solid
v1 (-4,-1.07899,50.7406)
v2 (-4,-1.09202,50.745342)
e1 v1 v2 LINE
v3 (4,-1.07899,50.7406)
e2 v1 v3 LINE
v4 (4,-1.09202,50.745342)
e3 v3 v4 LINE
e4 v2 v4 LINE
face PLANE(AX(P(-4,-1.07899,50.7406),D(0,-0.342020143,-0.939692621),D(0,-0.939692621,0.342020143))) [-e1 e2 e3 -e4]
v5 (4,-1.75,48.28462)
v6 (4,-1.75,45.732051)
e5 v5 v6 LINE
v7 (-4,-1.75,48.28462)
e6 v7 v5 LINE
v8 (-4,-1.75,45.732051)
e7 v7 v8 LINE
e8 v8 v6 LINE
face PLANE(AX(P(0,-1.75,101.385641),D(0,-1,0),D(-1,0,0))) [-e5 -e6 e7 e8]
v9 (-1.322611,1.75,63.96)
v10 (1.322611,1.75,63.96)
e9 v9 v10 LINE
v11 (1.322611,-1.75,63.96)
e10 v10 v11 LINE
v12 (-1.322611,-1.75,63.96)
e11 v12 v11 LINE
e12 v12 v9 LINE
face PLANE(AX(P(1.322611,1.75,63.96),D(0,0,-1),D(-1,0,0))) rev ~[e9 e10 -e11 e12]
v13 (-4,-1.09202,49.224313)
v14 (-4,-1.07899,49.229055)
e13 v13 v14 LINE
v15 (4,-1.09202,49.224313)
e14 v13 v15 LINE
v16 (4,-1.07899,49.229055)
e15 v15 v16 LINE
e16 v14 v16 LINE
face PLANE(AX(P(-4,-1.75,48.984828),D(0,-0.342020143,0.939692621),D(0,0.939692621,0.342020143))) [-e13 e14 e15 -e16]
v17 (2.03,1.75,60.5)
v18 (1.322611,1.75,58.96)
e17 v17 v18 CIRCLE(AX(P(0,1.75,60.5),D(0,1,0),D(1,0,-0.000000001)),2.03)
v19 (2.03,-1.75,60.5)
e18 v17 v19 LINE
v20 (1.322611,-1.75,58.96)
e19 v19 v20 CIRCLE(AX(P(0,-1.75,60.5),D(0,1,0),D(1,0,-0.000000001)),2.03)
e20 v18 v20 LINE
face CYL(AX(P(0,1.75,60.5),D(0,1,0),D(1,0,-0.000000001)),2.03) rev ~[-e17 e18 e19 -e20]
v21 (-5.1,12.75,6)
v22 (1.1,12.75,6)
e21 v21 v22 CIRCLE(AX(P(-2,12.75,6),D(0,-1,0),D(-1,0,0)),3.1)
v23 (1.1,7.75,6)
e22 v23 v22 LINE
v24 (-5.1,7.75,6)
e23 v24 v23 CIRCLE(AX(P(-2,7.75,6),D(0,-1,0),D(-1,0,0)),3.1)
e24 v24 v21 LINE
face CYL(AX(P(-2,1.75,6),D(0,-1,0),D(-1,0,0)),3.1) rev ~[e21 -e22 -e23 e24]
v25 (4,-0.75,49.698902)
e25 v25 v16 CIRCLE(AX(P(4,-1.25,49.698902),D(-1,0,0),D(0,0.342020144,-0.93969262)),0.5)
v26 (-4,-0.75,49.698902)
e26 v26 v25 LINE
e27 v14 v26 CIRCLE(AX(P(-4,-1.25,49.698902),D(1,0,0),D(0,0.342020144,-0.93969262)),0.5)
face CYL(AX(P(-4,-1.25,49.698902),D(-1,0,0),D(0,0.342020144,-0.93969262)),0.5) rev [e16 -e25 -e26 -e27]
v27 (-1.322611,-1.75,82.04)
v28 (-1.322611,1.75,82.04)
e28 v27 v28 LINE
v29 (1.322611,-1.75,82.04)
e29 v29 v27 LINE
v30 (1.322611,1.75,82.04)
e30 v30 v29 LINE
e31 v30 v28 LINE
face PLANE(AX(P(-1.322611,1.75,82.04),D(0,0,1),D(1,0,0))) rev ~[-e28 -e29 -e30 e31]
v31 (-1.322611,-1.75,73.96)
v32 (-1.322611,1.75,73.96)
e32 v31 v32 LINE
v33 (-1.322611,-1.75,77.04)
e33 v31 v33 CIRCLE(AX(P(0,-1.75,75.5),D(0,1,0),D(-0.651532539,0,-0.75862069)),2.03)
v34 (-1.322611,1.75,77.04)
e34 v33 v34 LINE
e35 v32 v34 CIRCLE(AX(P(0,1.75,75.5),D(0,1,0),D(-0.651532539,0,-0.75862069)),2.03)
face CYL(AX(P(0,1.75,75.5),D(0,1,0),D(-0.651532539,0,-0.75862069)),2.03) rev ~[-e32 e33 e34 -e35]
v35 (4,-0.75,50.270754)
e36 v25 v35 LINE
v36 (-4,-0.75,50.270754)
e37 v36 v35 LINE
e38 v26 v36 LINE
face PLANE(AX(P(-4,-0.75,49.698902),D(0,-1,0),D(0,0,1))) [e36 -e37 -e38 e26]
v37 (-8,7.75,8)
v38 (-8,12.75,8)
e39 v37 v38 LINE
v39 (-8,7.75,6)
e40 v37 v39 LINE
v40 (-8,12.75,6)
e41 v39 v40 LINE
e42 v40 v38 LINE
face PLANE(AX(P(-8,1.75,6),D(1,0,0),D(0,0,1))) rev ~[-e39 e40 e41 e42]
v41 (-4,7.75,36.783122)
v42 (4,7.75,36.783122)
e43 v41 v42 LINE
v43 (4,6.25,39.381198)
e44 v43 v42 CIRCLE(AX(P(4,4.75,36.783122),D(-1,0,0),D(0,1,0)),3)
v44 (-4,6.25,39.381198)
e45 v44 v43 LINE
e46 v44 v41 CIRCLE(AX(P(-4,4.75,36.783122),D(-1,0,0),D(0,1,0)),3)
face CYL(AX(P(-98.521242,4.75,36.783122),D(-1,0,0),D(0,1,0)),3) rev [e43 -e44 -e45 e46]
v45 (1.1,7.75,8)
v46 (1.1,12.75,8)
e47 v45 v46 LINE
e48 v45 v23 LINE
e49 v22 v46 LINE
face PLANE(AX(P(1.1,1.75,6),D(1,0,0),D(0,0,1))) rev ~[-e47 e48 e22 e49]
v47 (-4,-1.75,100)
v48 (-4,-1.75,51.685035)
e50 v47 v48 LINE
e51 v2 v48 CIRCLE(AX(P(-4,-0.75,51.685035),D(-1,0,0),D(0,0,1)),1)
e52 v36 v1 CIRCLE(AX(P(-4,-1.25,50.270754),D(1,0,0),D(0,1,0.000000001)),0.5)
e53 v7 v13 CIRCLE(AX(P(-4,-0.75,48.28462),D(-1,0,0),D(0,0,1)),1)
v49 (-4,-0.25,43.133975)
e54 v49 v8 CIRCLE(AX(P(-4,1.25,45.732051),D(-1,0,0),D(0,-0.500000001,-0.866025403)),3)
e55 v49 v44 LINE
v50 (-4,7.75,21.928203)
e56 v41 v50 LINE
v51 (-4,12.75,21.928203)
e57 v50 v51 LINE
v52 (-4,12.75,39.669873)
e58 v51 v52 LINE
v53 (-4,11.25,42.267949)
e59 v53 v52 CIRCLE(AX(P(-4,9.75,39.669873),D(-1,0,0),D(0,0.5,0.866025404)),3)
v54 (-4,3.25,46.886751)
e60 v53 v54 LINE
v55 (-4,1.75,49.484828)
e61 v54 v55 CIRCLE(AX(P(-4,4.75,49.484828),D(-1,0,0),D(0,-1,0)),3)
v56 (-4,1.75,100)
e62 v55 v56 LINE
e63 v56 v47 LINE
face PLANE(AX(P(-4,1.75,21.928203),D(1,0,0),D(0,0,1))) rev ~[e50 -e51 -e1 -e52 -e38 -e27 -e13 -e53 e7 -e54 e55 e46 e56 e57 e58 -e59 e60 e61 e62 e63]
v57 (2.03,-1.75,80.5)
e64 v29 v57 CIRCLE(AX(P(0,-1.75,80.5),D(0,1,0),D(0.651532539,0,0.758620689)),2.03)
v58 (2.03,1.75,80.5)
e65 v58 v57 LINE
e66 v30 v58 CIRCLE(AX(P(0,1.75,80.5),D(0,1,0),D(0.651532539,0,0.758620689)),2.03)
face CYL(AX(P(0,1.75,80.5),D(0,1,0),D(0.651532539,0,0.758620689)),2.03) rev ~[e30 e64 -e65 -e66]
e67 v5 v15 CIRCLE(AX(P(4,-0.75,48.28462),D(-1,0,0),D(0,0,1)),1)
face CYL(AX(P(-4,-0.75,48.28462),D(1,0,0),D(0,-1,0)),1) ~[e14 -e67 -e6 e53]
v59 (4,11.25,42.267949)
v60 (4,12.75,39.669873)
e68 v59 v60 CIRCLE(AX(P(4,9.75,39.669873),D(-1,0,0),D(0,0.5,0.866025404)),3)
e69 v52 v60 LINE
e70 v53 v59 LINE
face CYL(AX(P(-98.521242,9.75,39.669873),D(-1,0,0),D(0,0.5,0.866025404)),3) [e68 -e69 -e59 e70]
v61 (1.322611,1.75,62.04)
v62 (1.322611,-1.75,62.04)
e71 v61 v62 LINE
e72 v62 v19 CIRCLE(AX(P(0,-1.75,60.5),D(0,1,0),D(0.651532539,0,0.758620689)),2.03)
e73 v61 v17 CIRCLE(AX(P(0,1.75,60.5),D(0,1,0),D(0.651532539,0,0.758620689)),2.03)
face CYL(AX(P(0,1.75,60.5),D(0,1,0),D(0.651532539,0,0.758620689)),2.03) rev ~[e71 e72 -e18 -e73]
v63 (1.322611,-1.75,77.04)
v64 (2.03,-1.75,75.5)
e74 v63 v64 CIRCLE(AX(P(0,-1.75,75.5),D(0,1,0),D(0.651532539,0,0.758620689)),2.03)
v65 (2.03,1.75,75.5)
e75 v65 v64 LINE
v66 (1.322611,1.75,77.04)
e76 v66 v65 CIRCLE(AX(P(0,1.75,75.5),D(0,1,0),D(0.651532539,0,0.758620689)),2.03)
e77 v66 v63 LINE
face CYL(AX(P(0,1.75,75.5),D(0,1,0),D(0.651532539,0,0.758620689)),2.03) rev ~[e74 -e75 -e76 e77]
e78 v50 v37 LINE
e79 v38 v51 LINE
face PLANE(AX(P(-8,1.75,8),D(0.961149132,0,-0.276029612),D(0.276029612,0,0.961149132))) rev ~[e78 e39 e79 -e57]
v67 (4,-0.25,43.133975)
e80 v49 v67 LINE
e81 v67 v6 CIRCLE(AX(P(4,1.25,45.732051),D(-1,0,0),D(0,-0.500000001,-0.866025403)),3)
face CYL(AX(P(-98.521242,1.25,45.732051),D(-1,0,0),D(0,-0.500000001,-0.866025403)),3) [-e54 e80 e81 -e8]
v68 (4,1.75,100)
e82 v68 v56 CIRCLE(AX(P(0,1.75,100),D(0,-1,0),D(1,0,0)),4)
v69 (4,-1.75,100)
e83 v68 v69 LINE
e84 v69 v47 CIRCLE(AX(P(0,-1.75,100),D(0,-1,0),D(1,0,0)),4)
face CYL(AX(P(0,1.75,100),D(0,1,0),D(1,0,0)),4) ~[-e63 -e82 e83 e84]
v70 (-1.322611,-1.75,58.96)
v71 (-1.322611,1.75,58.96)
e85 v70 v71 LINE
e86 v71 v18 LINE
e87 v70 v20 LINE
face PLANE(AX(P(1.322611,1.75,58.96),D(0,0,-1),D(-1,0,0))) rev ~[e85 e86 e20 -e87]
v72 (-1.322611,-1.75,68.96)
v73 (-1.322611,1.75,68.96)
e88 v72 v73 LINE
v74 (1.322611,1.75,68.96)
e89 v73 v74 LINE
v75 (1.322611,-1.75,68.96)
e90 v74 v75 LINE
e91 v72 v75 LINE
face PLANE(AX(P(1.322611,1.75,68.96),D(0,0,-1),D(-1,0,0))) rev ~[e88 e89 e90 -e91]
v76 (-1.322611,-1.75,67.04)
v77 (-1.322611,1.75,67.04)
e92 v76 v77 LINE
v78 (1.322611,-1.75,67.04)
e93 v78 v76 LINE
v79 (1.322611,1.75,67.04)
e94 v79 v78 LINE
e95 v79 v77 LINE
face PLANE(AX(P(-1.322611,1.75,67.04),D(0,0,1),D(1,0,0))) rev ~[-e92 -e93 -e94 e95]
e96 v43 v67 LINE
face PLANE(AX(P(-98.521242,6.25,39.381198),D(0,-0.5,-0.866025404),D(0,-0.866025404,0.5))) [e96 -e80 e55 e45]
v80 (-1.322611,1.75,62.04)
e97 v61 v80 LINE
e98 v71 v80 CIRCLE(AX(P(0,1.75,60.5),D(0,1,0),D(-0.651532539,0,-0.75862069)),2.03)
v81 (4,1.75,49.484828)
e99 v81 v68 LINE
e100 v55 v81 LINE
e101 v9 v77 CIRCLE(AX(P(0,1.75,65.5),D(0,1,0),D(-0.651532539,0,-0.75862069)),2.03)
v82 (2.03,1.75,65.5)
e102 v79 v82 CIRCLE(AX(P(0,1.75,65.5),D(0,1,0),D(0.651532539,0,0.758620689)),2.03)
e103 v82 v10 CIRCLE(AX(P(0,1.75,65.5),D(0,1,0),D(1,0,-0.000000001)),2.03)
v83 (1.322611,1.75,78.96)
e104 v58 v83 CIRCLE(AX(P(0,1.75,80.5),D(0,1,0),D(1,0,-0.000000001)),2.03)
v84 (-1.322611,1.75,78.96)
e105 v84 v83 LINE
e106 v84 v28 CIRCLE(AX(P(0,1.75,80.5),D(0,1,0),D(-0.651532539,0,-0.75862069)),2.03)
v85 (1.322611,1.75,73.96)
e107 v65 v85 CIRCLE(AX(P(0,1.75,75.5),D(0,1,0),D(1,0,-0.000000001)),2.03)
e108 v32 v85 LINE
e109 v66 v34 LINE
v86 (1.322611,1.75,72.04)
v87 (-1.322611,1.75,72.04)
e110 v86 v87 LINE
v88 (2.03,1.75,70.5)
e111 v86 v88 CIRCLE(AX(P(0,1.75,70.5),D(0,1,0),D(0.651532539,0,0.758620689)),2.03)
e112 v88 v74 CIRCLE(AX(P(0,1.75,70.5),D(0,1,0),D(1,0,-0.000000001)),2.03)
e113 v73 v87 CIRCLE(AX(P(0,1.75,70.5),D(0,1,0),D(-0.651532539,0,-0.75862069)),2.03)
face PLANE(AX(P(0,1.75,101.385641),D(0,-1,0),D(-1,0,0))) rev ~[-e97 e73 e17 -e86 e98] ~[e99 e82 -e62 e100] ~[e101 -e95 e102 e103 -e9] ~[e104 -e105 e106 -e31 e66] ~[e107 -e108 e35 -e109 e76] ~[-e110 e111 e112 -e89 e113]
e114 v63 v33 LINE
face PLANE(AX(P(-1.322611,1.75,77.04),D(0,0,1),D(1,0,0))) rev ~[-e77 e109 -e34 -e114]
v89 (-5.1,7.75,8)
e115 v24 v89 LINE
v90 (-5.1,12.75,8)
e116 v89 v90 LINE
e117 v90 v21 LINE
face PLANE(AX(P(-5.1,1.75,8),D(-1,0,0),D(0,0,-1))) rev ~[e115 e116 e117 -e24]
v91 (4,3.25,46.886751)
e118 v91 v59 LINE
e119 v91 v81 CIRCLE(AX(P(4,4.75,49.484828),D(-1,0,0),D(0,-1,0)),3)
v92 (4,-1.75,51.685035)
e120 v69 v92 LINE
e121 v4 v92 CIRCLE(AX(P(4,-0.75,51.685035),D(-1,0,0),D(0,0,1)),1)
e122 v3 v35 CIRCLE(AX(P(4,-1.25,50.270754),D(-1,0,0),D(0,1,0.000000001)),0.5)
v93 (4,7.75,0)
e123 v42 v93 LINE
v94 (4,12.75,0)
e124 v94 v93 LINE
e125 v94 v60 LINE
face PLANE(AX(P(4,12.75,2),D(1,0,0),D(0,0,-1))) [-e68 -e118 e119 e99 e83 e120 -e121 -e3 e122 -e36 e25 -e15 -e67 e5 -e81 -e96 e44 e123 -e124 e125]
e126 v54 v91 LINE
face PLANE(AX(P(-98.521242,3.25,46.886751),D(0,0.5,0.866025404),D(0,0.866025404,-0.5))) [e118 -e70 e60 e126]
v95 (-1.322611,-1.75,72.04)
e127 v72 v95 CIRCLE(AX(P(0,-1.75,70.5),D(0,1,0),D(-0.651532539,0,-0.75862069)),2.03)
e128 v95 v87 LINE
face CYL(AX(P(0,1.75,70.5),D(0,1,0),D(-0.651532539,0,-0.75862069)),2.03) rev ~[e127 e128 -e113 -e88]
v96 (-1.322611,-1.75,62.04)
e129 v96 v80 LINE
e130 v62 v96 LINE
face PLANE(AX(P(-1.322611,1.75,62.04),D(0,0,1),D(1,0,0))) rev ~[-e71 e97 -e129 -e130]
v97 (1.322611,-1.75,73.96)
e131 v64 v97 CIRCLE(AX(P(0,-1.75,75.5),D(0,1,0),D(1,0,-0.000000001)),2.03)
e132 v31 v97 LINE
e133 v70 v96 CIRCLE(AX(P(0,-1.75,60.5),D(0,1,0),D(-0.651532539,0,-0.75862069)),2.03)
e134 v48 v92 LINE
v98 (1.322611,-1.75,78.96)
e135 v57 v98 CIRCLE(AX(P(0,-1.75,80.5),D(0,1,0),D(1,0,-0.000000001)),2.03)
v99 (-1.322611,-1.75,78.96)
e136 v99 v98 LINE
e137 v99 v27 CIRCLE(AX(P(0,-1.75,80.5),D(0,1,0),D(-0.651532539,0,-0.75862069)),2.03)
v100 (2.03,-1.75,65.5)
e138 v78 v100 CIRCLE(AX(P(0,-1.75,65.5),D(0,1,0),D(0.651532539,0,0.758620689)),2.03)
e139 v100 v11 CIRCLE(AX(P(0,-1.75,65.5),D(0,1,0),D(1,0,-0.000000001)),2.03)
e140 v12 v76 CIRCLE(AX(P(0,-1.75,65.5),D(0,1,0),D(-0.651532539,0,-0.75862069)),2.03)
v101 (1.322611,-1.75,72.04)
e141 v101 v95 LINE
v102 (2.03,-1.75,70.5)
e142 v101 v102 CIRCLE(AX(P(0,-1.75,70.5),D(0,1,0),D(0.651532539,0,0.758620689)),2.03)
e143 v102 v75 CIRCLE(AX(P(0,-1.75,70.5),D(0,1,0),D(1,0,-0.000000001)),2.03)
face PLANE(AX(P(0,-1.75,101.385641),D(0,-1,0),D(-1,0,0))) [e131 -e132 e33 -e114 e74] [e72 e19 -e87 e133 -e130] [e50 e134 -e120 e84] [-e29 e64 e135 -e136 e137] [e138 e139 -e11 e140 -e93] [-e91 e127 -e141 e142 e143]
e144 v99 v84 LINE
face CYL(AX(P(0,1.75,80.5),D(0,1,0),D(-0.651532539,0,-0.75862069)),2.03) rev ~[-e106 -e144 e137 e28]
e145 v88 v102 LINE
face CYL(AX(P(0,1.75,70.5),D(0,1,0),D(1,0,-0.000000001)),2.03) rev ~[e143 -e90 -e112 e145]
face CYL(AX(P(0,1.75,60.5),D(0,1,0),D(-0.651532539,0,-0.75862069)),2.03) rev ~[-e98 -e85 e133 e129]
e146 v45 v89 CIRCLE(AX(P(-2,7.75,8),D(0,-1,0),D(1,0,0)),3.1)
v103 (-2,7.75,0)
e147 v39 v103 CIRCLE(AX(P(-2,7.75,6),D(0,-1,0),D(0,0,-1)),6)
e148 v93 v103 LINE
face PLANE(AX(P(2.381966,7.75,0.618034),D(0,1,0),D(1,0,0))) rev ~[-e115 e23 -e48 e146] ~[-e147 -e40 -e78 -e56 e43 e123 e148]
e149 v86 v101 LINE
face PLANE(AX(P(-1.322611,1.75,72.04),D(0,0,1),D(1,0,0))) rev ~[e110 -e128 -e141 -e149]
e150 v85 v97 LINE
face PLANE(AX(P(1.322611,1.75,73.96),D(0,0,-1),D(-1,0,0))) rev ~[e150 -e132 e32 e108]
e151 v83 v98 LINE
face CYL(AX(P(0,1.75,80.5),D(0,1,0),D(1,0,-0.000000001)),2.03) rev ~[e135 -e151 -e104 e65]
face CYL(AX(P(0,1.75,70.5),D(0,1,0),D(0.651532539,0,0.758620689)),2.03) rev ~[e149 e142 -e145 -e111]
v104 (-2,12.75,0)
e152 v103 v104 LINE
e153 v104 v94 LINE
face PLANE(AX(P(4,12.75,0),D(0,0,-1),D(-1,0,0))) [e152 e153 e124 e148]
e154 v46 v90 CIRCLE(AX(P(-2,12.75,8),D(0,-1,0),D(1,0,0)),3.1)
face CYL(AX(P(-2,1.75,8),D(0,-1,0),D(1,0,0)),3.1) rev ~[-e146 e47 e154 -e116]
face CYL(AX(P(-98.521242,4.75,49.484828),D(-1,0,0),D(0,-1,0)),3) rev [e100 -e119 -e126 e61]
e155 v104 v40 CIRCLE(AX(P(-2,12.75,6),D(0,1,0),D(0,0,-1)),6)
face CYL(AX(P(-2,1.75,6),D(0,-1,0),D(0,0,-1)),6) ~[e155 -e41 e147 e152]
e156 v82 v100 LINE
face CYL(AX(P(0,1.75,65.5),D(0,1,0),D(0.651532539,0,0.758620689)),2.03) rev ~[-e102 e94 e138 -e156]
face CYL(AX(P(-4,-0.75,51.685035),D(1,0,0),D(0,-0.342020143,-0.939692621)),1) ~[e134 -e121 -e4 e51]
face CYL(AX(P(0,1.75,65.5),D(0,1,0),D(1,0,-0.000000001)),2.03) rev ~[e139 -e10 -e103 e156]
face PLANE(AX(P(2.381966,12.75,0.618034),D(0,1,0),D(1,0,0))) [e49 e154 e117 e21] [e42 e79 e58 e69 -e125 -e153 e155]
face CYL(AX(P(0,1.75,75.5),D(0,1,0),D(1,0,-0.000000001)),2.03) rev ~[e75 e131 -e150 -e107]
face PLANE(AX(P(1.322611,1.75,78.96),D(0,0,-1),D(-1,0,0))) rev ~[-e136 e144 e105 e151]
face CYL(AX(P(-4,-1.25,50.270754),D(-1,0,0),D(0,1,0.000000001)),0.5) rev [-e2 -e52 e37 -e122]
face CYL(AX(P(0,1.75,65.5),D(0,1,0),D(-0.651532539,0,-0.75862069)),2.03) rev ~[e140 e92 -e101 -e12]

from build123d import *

# Parameters (mm, degrees)
SKETCH1_W                = 8
SKETCH1_H                = 3.5
BASE_DEPTH               = 50
SKETCH3_W                = 8
SKETCH3_H                = 3.5
SEGMENT1_DEPTH           = 50
BOSS_EXTRUDE7_DEPTH      = 3.5
BOSS_EXTRUDE9_DEPTH      = 11
CUT_EXTRUDE10_DEPTH      = 101.920760996
CUT_EXTRUDE10_DEPTH_BACK = 101.920760996
CUT_EXTRUDE9_DEPTH       = 102.52124162
CUT_EXTRUDE9_DEPTH_BACK  = 102.52124162
BOSS_EXTRUDE13_DEPTH     = 3.5
CUT_EXTRUDE12_DEPTH      = 10
CUT_EXTRUDE13_DEPTH      = 105.885652022
LPATTERN3_COUNT          = 5
LPATTERN3_PITCH          = 5
BOSS_EXTRUDE14_DEPTH     = 5
FILLET5_R                = 1


with BuildPart() as part:
    # Sketch1 → Base (new body)
    with BuildSketch(Plane.XY):
        Rectangle(SKETCH1_W, SKETCH1_H)
    extrude(amount=BASE_DEPTH)

    # Sketch3 → Segment1 (add)
    with BuildSketch(Plane(origin=(0, 0, 50), x_dir=(-1, 0, 0), z_dir=(0, 0, 1))):
        Rectangle(SKETCH3_W, SKETCH3_H)
    extrude(amount=SEGMENT1_DEPTH)

    # Sketch12 → Boss-Extrude7 (add)
    with BuildSketch(Plane(origin=(0, 1.75, 0), x_dir=(1, 0, 0), z_dir=(0, 1, 0))):
        Polygon((-4, 0), (-8, 0), (-8, -7), (-4, -21.92820323), align=None)
    extrude(amount=-BOSS_EXTRUDE7_DEPTH)

    # Sketch14 → Boss-Extrude9 (add)
    with BuildSketch(Plane(origin=(0, 1.75, 0), x_dir=(1, 0, 0), z_dir=(0, 1, 0))):
        with BuildLine():
            Line((4, -50), (4, -2))
            Line((4, -2), (0, 0))
            Line((0, 0), (-2, 0))
            ThreePointArc((-2, 0), (-6.242640687, -1.757359313), (-8, -6))
            Line((-8, -6), (-8, -8))
            Line((-8, -8), (-4, -21.92820323))
            Line((-4, -21.92820323), (-4, -50))
            Line((-4, -50), (4, -50))
        make_face()
        with BuildLine():
            ThreePointArc((-5.1, -6), (-2, -2.9), (1.1, -6))
            Line((1.1, -6), (1.1, -8))
            ThreePointArc((1.1, -8), (-2, -11.1), (-5.1, -8))
            Line((-5.1, -8), (-5.1, -6))
        make_face(mode=Mode.SUBTRACT)
    extrude(amount=BOSS_EXTRUDE9_DEPTH)

    # Sketch14<2> → Cut-Extrude10 (cut, two sides: drawn at the far end of the back side and taken through both)
    with BuildSketch(Plane(origin=(0, 1.75, 0), x_dir=(1, 0, 0), z_dir=(0, 1, 0)).offset(-CUT_EXTRUDE10_DEPTH_BACK)):
        Polygon((0, 0), (4, -2), (4, 0), align=None)
        with BuildLine():
            ThreePointArc((-8, -6), (-6.242640687, -1.757359313), (-2, 0))
            Line((-2, 0), (-8, 0))
            Line((-8, 0), (-8, -6))
        make_face()
        with BuildLine():
            ThreePointArc((1.1, -6), (-2, -2.9), (-5.1, -6))
            Line((-5.1, -6), (-5.1, -8))
            ThreePointArc((-5.1, -8), (-2, -11.1), (1.1, -8))
            Line((1.1, -8), (1.1, -6))
        make_face()
    extrude(amount=CUT_EXTRUDE10_DEPTH + CUT_EXTRUDE10_DEPTH_BACK, mode=Mode.SUBTRACT)

    # Sketch16 → Cut-Extrude9 (cut, two sides: drawn at the far end of the back side and taken through both)
    with BuildSketch(Plane(origin=(4, 0, 0), x_dir=(0, 0, -1), z_dir=(1, 0, 0)).offset(-CUT_EXTRUDE9_DEPTH_BACK)):
        with BuildLine():
            Line((-50, 12.75), (-50, 1.75))
            Line((-50, 1.75), (-49.484827557, 1.75))
            ThreePointArc((-49.484827557, 1.75), (-47.984827557, 2.151923789), (-46.886751346, 3.25))
            Line((-46.886751346, 3.25), (-42.267949192, 11.25))
            ThreePointArc((-42.267949192, 11.25), (-41.169872981, 12.348076211), (-39.669872981, 12.75))
            Line((-39.669872981, 12.75), (-50, 12.75))
        make_face()
        with BuildLine():
            ThreePointArc((-43.133974596, -0.25), (-44.232050808, -1.348076211), (-45.732050808, -1.75))
            Line((-45.732050808, -1.75), (0, -1.75))
            Line((0, -1.75), (0, 7.75))
            Line((0, 7.75), (-36.783121635, 7.75))
            ThreePointArc((-36.783121635, 7.75), (-38.283121635, 7.348076211), (-39.381197846, 6.25))
            Line((-39.381197846, 6.25), (-43.133974596, -0.25))
        make_face()
    extrude(amount=CUT_EXTRUDE9_DEPTH + CUT_EXTRUDE9_DEPTH_BACK, mode=Mode.SUBTRACT)

    # Sketch22 → Boss-Extrude13 (add)
    with BuildSketch(Plane(origin=(0, 1.75, 0), x_dir=(1, 0, 0), z_dir=(0, 1, 0))):
        with BuildLine():
            Line((-4, -100), (4, -100))
            ThreePointArc((4, -100), (0, -104), (-4, -100))
        make_face()
    extrude(amount=-BOSS_EXTRUDE13_DEPTH)

    # Sketch23 → Cut-Extrude12 (cut)
    with BuildSketch(Plane.ZY.offset(4)):
        with BuildLine():
            Line((49.698901561, -0.75), (50.270753554, -0.75))
            ThreePointArc((50.270753554, -0.75), (50.557541772, -0.840423978), (50.740599864, -1.078989928))
            Line((50.740599864, -1.078989928), (50.984827557, -1.75))
            Line((50.984827557, -1.75), (48.984827557, -1.75))
            Line((48.984827557, -1.75), (49.22905525, -1.078989928))
            ThreePointArc((49.22905525, -1.078989928), (49.412113342, -0.840423978), (49.698901561, -0.75))
        make_face()
    extrude(amount=-CUT_EXTRUDE12_DEPTH, mode=Mode.SUBTRACT)

    # Sketch24 → Cut-Extrude13 (cut, symmetric)
    with BuildSketch(Plane(origin=(0, 1.75, 0), x_dir=(1, 0, 0), z_dir=(0, 1, 0))):
        with BuildLine():
            Line((1.322611054, -58.96), (-1.322611054, -58.96))
            ThreePointArc((-1.322611054, -58.96), (-2.03, -60.5), (-1.322611054, -62.04))
            Line((-1.322611054, -62.04), (1.322611054, -62.04))
            ThreePointArc((1.322611054, -62.04), (1.844695156, -61.347348677), (2.03, -60.5))
            ThreePointArc((2.03, -60.5), (1.844695156, -59.652651323), (1.322611054, -58.96))
        make_face()
    cut_extrude13 = extrude(amount=CUT_EXTRUDE13_DEPTH, both=True, mode=Mode.SUBTRACT)

    # LPattern3: Cut-Extrude13 ×5
    with Locations(*[(0, 0, i * LPATTERN3_PITCH) for i in range(1, LPATTERN3_COUNT)]):
        add(cut_extrude13, mode=Mode.SUBTRACT)

    # Sketch25 → Boss-Extrude14 (add)
    with BuildSketch(Plane(origin=(0, 12.75, 0), x_dir=(1, 0, 0), z_dir=(0, 1, 0))):
        Polygon((4, -2), (4, 0), (0, 0), align=None)
    extrude(amount=-BOSS_EXTRUDE14_DEPTH)

    # Fillet5
    fillet5_edges = [part.edges().sort_by_distance(p)[0] for p in [
        (0, -1.75, 50.984827557),
        (0, -1.75, 48.984827557),
    ]]
    fillet(fillet5_edges, radius=FILLET5_R)


solid = part.part
